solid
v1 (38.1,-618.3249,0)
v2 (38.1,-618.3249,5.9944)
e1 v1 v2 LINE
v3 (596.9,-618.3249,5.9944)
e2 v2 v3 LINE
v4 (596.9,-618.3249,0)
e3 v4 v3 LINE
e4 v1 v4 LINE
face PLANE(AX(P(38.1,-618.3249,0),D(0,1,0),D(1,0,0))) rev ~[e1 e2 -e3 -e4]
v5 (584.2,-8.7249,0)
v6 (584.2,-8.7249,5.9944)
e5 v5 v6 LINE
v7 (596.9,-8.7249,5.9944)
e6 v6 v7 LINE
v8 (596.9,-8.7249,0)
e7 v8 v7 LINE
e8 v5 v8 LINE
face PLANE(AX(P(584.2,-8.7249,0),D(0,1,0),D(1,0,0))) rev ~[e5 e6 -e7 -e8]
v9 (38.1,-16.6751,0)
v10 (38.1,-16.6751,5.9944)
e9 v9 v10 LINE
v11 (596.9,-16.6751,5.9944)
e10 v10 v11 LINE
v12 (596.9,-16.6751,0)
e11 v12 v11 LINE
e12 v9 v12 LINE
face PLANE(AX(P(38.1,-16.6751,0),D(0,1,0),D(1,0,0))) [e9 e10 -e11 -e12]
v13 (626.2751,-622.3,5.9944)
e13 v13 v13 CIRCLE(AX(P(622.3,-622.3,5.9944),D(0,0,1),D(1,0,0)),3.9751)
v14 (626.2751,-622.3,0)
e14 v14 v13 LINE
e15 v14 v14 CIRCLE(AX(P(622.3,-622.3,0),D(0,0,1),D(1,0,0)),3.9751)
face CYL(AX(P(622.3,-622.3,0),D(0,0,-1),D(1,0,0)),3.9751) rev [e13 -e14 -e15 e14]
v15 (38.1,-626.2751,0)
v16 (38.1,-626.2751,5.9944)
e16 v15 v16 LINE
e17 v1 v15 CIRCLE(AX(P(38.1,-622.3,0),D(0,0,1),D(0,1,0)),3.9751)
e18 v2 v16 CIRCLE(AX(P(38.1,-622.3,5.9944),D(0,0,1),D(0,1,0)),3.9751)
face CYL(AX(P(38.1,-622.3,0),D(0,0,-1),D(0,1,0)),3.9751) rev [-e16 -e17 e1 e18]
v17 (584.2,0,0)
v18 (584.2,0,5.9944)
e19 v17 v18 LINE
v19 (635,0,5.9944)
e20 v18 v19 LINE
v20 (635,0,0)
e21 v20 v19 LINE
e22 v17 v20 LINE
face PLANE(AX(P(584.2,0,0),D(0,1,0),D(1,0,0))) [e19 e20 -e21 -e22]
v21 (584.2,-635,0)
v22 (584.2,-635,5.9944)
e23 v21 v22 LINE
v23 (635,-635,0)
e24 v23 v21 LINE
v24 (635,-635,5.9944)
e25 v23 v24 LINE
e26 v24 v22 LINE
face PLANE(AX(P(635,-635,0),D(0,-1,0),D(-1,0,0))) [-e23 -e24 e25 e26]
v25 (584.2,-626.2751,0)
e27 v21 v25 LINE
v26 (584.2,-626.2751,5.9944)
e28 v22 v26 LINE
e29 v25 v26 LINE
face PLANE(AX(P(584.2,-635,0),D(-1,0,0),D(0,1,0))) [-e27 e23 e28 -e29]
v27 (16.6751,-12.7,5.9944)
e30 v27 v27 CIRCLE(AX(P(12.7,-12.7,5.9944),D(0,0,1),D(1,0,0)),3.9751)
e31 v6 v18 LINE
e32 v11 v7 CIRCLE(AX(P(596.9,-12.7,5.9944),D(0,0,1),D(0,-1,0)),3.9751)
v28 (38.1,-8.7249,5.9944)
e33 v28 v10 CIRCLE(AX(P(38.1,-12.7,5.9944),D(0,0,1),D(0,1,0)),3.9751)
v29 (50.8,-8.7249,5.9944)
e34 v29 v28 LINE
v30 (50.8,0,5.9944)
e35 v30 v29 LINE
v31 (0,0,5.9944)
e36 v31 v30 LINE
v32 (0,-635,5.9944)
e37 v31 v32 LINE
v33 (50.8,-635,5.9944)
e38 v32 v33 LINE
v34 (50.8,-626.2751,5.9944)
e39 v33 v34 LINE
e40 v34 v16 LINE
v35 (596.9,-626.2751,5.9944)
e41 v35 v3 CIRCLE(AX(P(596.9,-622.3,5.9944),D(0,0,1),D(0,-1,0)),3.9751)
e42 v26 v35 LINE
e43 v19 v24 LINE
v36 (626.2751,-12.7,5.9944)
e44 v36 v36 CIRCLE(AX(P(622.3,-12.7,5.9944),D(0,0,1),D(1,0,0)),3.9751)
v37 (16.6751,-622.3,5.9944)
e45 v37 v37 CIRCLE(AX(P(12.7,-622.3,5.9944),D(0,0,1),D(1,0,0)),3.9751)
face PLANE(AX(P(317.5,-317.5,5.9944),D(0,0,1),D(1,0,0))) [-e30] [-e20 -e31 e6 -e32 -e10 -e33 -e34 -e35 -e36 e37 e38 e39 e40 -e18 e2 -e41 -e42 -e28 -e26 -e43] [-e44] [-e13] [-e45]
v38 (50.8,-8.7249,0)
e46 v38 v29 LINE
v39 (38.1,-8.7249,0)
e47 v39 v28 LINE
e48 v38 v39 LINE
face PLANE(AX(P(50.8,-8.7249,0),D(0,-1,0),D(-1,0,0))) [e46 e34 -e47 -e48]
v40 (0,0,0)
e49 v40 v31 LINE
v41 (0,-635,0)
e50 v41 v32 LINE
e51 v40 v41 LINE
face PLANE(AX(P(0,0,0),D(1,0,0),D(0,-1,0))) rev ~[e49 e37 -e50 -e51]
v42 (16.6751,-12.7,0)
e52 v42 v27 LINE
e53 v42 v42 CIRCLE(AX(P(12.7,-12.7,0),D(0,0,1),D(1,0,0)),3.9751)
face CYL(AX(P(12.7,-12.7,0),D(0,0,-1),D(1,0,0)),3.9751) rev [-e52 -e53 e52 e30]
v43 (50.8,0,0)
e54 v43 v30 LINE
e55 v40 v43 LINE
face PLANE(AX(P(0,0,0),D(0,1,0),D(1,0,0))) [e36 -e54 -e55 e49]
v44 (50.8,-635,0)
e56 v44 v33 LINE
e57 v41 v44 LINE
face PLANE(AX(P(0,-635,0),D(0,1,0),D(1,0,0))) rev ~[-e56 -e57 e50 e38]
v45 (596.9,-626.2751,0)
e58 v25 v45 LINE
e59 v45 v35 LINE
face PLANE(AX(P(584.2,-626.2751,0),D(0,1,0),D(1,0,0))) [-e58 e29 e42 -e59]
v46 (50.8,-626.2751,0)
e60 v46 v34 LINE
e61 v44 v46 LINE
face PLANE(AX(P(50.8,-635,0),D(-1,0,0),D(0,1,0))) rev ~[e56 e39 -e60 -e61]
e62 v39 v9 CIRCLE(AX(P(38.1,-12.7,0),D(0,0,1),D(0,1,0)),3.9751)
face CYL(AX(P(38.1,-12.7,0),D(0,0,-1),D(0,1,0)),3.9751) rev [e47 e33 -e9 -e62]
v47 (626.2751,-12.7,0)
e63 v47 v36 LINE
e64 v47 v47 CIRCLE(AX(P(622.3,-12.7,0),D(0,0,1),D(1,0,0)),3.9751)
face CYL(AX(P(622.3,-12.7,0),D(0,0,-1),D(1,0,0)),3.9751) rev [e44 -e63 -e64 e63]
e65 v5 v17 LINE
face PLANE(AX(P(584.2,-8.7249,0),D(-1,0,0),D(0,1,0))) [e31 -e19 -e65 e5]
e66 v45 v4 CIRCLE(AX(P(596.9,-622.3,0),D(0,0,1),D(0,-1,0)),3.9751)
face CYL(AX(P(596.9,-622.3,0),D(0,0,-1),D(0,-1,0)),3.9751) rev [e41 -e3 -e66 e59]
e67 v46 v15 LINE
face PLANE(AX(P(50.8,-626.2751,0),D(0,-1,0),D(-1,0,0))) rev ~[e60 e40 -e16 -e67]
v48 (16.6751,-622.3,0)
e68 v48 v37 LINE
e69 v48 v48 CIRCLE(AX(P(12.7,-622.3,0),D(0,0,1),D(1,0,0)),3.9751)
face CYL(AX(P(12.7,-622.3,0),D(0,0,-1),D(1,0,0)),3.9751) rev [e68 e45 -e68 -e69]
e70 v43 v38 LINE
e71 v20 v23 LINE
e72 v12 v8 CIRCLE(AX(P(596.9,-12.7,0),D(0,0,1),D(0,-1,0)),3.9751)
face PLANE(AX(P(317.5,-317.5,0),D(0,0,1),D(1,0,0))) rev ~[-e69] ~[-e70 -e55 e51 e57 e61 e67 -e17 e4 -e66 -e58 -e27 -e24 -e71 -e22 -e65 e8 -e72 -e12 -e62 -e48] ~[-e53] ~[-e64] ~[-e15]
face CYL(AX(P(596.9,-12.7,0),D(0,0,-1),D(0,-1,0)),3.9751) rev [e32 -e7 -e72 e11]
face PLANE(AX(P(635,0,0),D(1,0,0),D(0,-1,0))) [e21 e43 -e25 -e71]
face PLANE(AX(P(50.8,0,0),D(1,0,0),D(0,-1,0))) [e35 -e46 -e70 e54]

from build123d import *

# Parameters (mm, degrees)
SKETCH_R      = 3.9751
EXTRUDE_DEPTH = 5.9944


with BuildPart() as part:
    # Sketch → Extrude (new body)
    with BuildSketch(Plane.XY):
        with BuildLine():
            Line((0, 0), (0, -635))
            Line((0, -635), (50.8, -635))
            Line((50.8, -635), (50.8, -626.2751))
            Line((50.8, -626.2751), (38.1, -626.2751))
            ThreePointArc((38.1, -618.3249), (34.1249, -622.3), (38.1, -626.2751))
            Line((38.1, -618.3249), (596.9, -618.3249))
            ThreePointArc((596.9, -626.2751), (600.8751, -622.3), (596.9, -618.3249))
            Line((584.2, -626.2751), (596.9, -626.2751))
            Line((584.2, -635), (584.2, -626.2751))
            Line((635, -635), (584.2, -635))
            Line((635, 0), (635, -635))
            Line((584.2, 0), (635, 0))
            Line((584.2, -8.7249), (584.2, 0))
            Line((584.2, -8.7249), (596.9, -8.7249))
            ThreePointArc((596.9, -16.6751), (600.8751, -12.7), (596.9, -8.7249))
            Line((38.1, -16.6751), (596.9, -16.6751))
            ThreePointArc((38.1, -8.7249), (34.1249, -12.7), (38.1, -16.6751))
            Line((50.8, -8.7249), (38.1, -8.7249))
            Line((50.8, 0), (50.8, -8.7249))
            Line((0, 0), (50.8, 0))
        make_face()
        with Locations((12.7, -12.7)):
            Circle(SKETCH_R, mode=Mode.SUBTRACT)
        with Locations((12.7, -622.3)):
            Circle(SKETCH_R, mode=Mode.SUBTRACT)
        with Locations((622.3, -12.7)):
            Circle(SKETCH_R, mode=Mode.SUBTRACT)
        with Locations((622.3, -622.3)):
            Circle(SKETCH_R, mode=Mode.SUBTRACT)
    extrude(amount=EXTRUDE_DEPTH)


solid = part.part
